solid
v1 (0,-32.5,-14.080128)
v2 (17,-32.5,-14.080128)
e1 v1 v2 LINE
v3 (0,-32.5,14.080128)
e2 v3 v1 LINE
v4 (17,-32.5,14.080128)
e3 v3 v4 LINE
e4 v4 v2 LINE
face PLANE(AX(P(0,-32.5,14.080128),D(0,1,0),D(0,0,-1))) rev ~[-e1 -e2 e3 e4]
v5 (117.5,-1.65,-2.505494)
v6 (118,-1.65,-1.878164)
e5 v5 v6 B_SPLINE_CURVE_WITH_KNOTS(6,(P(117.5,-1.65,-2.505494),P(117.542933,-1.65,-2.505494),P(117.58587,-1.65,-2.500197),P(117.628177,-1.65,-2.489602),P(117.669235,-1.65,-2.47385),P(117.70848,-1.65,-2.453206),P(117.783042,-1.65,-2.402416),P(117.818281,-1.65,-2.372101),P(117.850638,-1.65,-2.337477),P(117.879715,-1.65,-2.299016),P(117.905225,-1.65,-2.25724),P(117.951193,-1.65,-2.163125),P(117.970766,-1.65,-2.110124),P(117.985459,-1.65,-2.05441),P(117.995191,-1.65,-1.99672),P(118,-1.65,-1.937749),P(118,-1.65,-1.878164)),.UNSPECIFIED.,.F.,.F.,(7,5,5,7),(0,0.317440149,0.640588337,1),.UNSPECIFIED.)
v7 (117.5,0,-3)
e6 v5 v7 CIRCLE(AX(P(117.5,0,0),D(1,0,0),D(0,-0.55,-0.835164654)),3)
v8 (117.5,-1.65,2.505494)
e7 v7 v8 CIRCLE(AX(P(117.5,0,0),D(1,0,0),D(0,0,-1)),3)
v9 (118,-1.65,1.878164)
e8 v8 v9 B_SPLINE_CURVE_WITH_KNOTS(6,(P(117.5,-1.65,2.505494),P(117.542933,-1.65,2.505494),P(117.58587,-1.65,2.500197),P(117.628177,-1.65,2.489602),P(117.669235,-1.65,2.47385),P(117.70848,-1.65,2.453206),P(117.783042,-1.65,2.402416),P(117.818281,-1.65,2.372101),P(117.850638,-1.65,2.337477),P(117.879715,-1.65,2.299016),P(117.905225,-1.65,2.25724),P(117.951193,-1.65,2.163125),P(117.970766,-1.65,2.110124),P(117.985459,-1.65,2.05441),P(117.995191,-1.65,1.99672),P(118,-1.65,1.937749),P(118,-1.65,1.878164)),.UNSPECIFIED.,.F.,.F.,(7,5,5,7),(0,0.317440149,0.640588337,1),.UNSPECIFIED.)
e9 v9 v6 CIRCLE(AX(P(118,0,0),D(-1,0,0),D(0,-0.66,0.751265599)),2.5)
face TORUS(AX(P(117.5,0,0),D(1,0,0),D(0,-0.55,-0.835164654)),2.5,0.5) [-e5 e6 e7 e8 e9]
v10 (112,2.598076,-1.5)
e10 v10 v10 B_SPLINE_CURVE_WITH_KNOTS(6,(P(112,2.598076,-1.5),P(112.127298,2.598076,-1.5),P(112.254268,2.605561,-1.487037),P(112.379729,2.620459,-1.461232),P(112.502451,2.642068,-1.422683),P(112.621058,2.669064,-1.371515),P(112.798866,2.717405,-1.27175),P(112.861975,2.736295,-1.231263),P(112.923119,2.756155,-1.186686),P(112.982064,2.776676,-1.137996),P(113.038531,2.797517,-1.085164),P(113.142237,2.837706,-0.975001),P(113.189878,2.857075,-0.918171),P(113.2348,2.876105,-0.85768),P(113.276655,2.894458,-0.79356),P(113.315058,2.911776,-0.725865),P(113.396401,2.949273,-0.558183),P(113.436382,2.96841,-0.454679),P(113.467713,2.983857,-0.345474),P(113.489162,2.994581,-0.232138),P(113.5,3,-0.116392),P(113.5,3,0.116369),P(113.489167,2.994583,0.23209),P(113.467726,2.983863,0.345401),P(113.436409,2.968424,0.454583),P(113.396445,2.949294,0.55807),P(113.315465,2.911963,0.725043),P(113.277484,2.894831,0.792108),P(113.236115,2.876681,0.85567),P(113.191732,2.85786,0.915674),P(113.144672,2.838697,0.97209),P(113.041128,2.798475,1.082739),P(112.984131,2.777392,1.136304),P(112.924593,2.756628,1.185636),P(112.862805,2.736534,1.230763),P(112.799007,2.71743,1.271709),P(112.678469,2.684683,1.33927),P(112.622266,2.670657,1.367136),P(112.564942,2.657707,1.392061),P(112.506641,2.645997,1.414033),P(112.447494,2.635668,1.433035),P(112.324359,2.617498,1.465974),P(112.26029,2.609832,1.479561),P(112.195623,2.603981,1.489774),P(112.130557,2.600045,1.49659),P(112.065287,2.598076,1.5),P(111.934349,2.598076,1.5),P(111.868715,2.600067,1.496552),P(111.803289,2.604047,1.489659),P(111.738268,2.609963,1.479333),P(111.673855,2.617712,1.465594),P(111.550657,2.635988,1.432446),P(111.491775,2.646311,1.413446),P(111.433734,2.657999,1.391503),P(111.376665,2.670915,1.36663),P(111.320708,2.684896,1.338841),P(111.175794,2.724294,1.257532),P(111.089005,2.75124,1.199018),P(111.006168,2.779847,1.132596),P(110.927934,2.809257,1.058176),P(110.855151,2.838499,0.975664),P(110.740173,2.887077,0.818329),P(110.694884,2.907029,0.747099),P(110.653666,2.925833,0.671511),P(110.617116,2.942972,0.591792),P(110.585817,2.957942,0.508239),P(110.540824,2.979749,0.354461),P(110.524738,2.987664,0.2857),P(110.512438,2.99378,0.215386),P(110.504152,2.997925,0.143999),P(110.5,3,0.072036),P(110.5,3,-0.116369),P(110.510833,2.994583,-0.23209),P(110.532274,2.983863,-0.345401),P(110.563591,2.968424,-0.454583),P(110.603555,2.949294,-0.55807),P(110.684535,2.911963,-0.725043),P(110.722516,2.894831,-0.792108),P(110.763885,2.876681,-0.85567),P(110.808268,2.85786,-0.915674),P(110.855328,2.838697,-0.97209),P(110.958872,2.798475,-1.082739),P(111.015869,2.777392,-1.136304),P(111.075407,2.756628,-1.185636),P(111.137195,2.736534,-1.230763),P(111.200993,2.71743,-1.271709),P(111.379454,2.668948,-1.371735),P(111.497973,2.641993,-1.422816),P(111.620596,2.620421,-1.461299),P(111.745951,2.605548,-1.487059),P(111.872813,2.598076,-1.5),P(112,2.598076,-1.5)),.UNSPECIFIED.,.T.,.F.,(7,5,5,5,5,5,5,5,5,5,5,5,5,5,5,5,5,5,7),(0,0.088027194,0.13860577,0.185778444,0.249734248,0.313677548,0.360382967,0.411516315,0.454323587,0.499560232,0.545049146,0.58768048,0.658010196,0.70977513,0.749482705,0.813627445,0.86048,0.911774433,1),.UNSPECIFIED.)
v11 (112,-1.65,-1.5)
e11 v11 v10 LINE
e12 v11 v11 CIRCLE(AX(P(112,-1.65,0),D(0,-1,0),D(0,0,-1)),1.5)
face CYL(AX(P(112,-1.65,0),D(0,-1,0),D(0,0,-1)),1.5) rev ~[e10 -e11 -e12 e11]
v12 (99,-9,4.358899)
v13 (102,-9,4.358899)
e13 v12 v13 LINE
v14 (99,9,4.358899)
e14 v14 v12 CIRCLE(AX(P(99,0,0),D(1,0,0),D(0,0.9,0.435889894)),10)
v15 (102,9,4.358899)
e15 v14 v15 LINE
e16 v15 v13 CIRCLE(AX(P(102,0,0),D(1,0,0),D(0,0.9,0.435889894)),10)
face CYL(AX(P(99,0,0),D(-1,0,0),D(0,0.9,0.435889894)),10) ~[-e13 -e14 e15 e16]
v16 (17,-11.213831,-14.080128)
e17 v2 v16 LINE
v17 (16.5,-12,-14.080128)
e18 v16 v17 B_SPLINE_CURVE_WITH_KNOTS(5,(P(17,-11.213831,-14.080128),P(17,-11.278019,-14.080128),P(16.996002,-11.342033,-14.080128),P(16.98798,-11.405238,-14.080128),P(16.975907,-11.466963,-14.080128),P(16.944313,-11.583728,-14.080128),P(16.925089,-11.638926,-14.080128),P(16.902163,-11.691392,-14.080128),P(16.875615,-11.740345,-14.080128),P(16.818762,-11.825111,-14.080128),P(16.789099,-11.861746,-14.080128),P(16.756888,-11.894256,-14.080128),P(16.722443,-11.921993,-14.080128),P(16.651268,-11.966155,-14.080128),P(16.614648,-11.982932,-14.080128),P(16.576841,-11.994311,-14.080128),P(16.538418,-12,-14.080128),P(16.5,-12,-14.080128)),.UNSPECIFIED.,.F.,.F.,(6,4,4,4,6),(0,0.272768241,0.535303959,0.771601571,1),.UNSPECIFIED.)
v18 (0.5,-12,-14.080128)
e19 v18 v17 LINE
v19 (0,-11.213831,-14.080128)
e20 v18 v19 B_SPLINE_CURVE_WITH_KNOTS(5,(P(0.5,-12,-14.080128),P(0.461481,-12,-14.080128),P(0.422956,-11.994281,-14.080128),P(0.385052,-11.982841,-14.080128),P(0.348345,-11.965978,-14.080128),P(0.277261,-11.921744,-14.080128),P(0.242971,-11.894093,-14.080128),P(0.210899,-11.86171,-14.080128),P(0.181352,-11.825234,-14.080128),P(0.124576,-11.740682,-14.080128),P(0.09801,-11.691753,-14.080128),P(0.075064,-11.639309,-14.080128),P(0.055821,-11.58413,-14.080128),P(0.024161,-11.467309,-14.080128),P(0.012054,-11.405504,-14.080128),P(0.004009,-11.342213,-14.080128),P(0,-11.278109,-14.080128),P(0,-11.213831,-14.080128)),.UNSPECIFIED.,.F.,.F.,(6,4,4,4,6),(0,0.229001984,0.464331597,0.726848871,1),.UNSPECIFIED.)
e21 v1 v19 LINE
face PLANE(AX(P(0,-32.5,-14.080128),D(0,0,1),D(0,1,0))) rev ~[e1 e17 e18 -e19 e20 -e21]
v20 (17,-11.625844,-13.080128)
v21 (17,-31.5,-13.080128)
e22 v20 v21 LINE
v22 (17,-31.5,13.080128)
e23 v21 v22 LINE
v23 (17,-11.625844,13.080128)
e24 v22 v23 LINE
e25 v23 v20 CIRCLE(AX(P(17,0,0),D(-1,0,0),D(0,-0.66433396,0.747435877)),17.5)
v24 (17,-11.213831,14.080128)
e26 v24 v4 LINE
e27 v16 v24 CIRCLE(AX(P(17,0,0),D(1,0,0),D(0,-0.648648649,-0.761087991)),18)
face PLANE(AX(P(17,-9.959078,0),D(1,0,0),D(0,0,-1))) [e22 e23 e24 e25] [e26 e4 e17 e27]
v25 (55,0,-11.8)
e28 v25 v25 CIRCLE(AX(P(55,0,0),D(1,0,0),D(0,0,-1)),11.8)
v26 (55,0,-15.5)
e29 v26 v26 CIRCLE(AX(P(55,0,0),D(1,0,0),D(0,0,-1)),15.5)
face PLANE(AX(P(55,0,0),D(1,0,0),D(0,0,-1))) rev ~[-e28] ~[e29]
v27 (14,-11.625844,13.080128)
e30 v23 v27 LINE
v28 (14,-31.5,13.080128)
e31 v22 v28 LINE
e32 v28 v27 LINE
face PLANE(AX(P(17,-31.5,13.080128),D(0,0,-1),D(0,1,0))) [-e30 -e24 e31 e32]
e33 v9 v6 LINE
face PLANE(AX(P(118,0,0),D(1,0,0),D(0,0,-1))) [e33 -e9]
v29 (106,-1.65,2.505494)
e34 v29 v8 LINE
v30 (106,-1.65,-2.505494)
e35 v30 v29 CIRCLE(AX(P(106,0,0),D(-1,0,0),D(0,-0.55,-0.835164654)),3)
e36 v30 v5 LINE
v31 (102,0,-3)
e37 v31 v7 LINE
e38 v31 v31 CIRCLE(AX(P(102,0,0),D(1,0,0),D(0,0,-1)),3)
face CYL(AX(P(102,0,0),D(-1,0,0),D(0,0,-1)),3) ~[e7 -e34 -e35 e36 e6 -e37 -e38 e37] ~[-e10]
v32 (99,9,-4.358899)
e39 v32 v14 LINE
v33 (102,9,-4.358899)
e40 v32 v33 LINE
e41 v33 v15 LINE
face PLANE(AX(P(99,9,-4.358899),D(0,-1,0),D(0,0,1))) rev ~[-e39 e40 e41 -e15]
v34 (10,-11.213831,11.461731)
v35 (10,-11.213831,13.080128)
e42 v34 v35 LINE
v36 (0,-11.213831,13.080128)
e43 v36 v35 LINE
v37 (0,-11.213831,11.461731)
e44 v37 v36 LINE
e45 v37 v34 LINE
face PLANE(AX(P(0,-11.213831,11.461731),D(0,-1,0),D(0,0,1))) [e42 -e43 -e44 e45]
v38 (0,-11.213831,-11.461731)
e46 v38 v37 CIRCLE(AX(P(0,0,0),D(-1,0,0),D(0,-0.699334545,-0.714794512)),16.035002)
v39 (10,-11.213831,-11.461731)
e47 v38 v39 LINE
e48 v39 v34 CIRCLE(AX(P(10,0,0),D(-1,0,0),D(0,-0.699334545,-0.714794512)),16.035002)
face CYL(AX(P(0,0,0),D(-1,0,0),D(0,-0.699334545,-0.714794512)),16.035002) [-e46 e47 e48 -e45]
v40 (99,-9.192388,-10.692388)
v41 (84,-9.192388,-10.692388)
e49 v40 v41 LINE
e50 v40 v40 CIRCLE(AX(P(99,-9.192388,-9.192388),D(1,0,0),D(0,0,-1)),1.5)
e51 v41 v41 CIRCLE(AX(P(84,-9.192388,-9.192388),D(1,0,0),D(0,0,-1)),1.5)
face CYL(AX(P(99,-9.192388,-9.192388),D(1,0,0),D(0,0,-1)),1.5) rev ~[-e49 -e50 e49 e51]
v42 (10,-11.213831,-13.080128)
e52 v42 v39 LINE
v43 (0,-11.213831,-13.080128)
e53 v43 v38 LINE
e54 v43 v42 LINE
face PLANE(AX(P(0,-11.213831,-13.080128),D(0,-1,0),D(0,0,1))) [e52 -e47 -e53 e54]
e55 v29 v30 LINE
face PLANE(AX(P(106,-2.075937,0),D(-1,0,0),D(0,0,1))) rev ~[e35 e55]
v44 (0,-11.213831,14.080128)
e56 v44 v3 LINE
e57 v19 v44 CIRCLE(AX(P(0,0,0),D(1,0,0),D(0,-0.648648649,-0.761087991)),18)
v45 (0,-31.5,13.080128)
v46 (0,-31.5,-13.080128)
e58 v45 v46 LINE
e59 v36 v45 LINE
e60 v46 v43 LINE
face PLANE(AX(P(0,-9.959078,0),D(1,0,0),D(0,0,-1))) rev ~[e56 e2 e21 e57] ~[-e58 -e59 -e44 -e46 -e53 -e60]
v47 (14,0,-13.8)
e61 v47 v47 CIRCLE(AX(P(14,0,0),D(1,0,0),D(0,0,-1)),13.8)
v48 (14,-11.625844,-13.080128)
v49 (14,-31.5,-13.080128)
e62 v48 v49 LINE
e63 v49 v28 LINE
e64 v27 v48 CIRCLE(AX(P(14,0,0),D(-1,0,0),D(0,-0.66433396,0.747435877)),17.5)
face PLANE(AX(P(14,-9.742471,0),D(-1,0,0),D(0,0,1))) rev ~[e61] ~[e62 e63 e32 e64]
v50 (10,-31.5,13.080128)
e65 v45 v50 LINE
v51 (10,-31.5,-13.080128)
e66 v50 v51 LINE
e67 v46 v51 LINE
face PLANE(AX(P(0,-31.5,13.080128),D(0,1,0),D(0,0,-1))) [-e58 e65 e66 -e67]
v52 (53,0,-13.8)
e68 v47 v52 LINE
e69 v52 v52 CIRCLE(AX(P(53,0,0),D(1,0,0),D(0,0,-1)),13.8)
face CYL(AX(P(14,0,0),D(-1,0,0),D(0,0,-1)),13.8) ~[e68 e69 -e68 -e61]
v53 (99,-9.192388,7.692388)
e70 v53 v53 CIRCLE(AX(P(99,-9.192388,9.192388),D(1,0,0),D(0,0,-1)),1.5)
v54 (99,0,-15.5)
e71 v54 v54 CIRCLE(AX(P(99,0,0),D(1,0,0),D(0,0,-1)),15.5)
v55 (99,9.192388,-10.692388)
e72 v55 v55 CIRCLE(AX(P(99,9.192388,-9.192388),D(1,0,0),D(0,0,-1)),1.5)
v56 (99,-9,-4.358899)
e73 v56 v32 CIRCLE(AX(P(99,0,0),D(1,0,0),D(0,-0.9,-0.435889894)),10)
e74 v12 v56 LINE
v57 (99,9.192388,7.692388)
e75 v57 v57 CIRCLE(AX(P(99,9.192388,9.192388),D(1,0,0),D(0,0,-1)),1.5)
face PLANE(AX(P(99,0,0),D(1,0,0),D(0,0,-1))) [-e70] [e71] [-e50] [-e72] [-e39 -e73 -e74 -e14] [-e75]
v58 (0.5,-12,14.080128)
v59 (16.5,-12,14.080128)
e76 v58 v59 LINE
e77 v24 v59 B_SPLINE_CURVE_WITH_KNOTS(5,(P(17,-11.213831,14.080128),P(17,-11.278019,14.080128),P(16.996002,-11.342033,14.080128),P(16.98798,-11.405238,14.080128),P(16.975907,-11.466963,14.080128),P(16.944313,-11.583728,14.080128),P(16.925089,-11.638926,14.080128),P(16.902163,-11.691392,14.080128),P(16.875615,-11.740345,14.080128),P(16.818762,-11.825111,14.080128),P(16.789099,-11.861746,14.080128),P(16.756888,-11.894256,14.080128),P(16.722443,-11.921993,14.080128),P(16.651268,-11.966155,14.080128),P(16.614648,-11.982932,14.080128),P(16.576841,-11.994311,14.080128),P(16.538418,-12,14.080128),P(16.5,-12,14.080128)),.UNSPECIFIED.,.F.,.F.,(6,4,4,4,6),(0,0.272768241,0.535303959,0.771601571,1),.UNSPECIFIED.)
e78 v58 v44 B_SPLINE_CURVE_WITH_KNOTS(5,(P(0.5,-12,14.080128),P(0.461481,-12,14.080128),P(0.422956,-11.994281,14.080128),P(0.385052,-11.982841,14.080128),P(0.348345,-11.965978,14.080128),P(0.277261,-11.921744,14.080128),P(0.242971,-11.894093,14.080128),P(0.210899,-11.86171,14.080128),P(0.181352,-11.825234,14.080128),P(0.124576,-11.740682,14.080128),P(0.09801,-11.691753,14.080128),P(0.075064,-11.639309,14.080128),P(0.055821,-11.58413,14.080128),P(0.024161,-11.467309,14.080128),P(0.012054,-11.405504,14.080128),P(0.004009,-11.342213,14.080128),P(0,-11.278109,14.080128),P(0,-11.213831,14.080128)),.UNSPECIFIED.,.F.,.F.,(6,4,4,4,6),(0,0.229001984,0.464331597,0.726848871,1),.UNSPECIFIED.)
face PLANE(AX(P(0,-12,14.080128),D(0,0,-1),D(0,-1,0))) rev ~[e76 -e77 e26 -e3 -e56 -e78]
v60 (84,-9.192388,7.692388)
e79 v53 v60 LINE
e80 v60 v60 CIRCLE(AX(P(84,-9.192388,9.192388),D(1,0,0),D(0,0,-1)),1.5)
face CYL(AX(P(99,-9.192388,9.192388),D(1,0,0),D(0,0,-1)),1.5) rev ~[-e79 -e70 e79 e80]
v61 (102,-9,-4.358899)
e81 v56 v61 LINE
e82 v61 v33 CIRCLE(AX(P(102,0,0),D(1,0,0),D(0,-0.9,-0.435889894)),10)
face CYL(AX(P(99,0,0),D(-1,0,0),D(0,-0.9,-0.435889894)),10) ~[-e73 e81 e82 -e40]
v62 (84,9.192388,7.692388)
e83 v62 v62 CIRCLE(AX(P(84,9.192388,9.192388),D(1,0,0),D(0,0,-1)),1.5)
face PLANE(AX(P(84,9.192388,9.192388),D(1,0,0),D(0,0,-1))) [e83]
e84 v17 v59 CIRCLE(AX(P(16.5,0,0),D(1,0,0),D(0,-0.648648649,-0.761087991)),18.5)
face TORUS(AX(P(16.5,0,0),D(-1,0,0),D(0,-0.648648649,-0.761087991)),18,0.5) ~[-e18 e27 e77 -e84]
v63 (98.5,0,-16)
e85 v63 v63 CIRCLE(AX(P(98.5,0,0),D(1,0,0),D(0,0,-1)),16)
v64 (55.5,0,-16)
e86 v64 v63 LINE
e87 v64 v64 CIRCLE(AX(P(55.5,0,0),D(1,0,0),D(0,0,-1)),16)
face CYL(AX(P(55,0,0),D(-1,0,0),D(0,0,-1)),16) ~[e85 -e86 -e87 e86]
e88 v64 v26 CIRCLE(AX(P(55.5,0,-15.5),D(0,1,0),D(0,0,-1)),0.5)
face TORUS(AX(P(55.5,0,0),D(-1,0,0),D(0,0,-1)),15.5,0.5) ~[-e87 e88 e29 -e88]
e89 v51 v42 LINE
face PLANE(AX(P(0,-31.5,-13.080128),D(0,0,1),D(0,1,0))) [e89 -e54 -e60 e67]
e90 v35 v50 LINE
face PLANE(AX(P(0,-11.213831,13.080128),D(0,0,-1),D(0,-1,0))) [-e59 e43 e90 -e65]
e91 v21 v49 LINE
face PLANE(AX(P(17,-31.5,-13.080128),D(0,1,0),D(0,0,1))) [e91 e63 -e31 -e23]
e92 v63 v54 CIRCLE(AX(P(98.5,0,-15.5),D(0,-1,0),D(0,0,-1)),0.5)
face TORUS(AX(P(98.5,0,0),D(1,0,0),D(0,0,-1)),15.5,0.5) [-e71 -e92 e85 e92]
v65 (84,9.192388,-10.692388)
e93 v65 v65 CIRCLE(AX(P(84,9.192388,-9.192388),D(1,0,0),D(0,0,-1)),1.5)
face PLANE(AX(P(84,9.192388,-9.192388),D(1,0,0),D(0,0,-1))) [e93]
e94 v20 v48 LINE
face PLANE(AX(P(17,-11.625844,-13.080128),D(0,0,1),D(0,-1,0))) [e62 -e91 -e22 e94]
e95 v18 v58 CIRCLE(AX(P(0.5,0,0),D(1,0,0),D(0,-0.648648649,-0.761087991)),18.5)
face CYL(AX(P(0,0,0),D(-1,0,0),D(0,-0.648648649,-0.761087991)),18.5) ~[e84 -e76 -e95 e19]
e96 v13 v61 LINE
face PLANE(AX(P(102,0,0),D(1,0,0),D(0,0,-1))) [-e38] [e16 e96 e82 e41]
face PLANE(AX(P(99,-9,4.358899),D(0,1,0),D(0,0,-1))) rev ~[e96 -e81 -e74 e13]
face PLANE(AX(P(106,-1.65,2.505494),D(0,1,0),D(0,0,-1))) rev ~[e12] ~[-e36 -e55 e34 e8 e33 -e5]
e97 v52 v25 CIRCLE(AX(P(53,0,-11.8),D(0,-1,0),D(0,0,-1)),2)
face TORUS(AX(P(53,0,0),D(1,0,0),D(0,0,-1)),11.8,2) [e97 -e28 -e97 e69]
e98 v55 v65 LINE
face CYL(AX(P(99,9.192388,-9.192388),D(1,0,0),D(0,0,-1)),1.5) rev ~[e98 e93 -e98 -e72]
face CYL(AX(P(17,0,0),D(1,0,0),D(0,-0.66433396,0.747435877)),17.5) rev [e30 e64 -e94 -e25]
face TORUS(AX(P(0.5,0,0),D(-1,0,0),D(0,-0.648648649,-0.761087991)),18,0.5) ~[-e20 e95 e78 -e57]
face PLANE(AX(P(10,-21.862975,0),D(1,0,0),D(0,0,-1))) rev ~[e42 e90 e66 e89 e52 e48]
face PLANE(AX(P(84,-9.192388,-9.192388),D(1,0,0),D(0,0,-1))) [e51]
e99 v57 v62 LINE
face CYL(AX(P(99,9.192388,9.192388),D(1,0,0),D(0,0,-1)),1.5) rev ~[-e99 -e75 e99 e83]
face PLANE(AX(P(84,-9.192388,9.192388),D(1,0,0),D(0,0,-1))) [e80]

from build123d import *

# Parameters (mm, degrees)
BOSS_EXTRUDE1_DEPTH     = 17
CUT_EXTRUDE5_DEPTH      = 3
SKETCH2_R               = 13.8
BOSS_EXTRUDE2_DEPTH     = 41
FILLET1_R               = 2
SKETCH3_R               = 16
BOSS_EXTRUDE3_DEPTH     = 44
SKETCH4_R               = 1.5
CUT_EXTRUDE1_DEPTH      = 15
BOSS_EXTRUDE5_DEPTH     = 3
SKETCH6_R               = 3
BOSS_EXTRUDE6_DEPTH     = 16
CUT_EXTRUDE2_START      = -12
CUT_EXTRUDE2_DEPTH      = 12
FILLET2_R               = 0.5
CUT_EXTRUDE3_REACH      = 125.361
CUT_EXTRUDE3_END_RADIUS = 3
SKETCH8_R               = 1.5
CUT_EXTRUDE4_DEPTH      = 10


with BuildPart() as part:
    # Sketch1 → Boss-Extrude1 (new body)
    with BuildSketch(Plane(origin=(0, 0, 0), x_dir=(0, 0, -1), z_dir=(1, 0, 0))):
        with BuildLine():
            Line((-14.08012784, -12), (-14.08012784, -32.5))
            Line((-14.08012784, -32.5), (14.08012784, -32.5))
            Line((14.08012784, -32.5), (14.08012784, -12))
            ThreePointArc((14.08012784, -12), (0, 18.5), (-14.08012784, -12))
        make_face()
    extrude(amount=BOSS_EXTRUDE1_DEPTH)

    # Sketch10 → Cut-Extrude5 (cut)
    with BuildSketch(Plane(origin=(17, 0, 0), x_dir=(0, 0, -1), z_dir=(1, 0, 0))):
        with BuildLine():
            Line((13.08012784, -31.5), (-13.08012784, -31.5))
            Line((-13.08012784, -31.5), (-13.08012784, -11.6258443))
            ThreePointArc((-13.08012784, -11.6258443), (0, 17.5), (13.08012784, -11.6258443))
            Line((13.08012784, -11.6258443), (13.08012784, -31.5))
        make_face()
    extrude(amount=-CUT_EXTRUDE5_DEPTH, mode=Mode.SUBTRACT)

    # Sketch2 → Boss-Extrude2 (add)
    with BuildSketch(Plane(origin=(14, 0, 0), x_dir=(0, 0, -1), z_dir=(1, 0, 0))):
        Circle(SKETCH2_R)
    extrude(amount=BOSS_EXTRUDE2_DEPTH)

    # Fillet1
    fillet1_edges = [part.edges().sort_by_distance(p)[0] for p in [
        (55, 0, 13.8),
    ]]
    fillet(fillet1_edges, radius=FILLET1_R)

    # Sketch3 → Boss-Extrude3 (add)
    with BuildSketch(Plane(origin=(55, 0, 0), x_dir=(0, 0, -1), z_dir=(1, 0, 0))):
        Circle(SKETCH3_R)
    extrude(amount=BOSS_EXTRUDE3_DEPTH)

    # Sketch4 → Cut-Extrude1 (cut)
    with BuildSketch(Plane(origin=(99, 0, 0), x_dir=(0, 0, -1), z_dir=(1, 0, 0))):
        with Locations((-9.192388155, -9.192388155)):
            Circle(SKETCH4_R)
        with Locations((9.192388155, 9.192388155)):
            Circle(SKETCH4_R)
        with Locations((-9.192388155, 9.192388155)):
            Circle(SKETCH4_R)
        with Locations((9.192388155, -9.192388155)):
            Circle(SKETCH4_R)
    extrude(amount=-CUT_EXTRUDE1_DEPTH, mode=Mode.SUBTRACT)

    # Sketch5 → Boss-Extrude5 (add)
    with BuildSketch(Plane(origin=(99, 0, 0), x_dir=(0, 0, -1), z_dir=(1, 0, 0))):
        with BuildLine():
            Line((-4.358898944, -9), (4.358898944, -9))
            ThreePointArc((4.358898944, -9), (10, 0), (4.358898944, 9))
            Line((4.358898944, 9), (-4.358898944, 9))
            ThreePointArc((-4.358898944, 9), (-10, 0), (-4.358898944, -9))
        make_face()
    extrude(amount=BOSS_EXTRUDE5_DEPTH)

    # Sketch6 → Boss-Extrude6 (add)
    with BuildSketch(Plane(origin=(102, 0, 0), x_dir=(0, 0, -1), z_dir=(1, 0, 0))):
        Circle(SKETCH6_R)
    extrude(amount=BOSS_EXTRUDE6_DEPTH)

    # Sketch7 → Cut-Extrude2 (cut)
    with BuildSketch(Plane(origin=(118, 0, 0), x_dir=(0, 0, -1), z_dir=(1, 0, 0)).offset(CUT_EXTRUDE2_START)):
        with BuildLine():
            Line((-2.505493963, -1.65), (2.505493963, -1.65))
            ThreePointArc((2.505493963, -1.65), (0, -3), (-2.505493963, -1.65))
        make_face()
    extrude(amount=CUT_EXTRUDE2_DEPTH, mode=Mode.SUBTRACT)

    # Fillet2
    fillet2_edges = [part.edges().sort_by_distance(p)[0] for p in [
        (17, 18.5, 0),
        (55, 0, 16),
        (99, 0, 16),
        (0, 18.5, 0),
        (118, 2.87371553, 0.86125435),
    ]]
    fillet(fillet2_edges, radius=FILLET2_R)

    # Cut-Extrude3: up to this cylinder (the profile starts inside it)
    cut_extrude3_end = Plane(origin=(112, 0, 0), z_dir=(-1, 0, 0)) * Cylinder(CUT_EXTRUDE3_END_RADIUS, 257.722, mode=Mode.PRIVATE)
    # Sketch8 → Cut-Extrude3 (cut, up to the surface)
    with BuildSketch(Plane.XZ.offset(1.65), mode=Mode.PRIVATE) as cut_extrude3_sk1:
        with Locations(Location((112, 0, 0), (0, 0, 270))):
            Circle(SKETCH8_R)
    cut_extrude3_tool1 = extrude(cut_extrude3_sk1.sketch, amount=-CUT_EXTRUDE3_REACH, mode=Mode.PRIVATE) & cut_extrude3_end
    add(cut_extrude3_tool1.solids().sort_by_distance((112, -1.65, 0))[0], mode=Mode.SUBTRACT)

    # Sketch9 → Cut-Extrude4 (cut)
    with BuildSketch(Plane.ZY):
        with BuildLine():
            Line((13.08012784, -31.5), (-13.08012784, -31.5))
            Line((-13.08012784, -31.5), (-13.08012784, -11.213830746))
            Line((-13.08012784, -11.213830746), (-11.461731339, -11.213830746))
            ThreePointArc((-11.461731339, -11.213830746), (0, -16.03500188), (11.461731339, -11.213830746))
            Line((11.461731339, -11.213830746), (13.08012784, -11.213830746))
            Line((13.08012784, -11.213830746), (13.08012784, -31.5))
        make_face()
    extrude(amount=-CUT_EXTRUDE4_DEPTH, mode=Mode.SUBTRACT)


solid = part.part
